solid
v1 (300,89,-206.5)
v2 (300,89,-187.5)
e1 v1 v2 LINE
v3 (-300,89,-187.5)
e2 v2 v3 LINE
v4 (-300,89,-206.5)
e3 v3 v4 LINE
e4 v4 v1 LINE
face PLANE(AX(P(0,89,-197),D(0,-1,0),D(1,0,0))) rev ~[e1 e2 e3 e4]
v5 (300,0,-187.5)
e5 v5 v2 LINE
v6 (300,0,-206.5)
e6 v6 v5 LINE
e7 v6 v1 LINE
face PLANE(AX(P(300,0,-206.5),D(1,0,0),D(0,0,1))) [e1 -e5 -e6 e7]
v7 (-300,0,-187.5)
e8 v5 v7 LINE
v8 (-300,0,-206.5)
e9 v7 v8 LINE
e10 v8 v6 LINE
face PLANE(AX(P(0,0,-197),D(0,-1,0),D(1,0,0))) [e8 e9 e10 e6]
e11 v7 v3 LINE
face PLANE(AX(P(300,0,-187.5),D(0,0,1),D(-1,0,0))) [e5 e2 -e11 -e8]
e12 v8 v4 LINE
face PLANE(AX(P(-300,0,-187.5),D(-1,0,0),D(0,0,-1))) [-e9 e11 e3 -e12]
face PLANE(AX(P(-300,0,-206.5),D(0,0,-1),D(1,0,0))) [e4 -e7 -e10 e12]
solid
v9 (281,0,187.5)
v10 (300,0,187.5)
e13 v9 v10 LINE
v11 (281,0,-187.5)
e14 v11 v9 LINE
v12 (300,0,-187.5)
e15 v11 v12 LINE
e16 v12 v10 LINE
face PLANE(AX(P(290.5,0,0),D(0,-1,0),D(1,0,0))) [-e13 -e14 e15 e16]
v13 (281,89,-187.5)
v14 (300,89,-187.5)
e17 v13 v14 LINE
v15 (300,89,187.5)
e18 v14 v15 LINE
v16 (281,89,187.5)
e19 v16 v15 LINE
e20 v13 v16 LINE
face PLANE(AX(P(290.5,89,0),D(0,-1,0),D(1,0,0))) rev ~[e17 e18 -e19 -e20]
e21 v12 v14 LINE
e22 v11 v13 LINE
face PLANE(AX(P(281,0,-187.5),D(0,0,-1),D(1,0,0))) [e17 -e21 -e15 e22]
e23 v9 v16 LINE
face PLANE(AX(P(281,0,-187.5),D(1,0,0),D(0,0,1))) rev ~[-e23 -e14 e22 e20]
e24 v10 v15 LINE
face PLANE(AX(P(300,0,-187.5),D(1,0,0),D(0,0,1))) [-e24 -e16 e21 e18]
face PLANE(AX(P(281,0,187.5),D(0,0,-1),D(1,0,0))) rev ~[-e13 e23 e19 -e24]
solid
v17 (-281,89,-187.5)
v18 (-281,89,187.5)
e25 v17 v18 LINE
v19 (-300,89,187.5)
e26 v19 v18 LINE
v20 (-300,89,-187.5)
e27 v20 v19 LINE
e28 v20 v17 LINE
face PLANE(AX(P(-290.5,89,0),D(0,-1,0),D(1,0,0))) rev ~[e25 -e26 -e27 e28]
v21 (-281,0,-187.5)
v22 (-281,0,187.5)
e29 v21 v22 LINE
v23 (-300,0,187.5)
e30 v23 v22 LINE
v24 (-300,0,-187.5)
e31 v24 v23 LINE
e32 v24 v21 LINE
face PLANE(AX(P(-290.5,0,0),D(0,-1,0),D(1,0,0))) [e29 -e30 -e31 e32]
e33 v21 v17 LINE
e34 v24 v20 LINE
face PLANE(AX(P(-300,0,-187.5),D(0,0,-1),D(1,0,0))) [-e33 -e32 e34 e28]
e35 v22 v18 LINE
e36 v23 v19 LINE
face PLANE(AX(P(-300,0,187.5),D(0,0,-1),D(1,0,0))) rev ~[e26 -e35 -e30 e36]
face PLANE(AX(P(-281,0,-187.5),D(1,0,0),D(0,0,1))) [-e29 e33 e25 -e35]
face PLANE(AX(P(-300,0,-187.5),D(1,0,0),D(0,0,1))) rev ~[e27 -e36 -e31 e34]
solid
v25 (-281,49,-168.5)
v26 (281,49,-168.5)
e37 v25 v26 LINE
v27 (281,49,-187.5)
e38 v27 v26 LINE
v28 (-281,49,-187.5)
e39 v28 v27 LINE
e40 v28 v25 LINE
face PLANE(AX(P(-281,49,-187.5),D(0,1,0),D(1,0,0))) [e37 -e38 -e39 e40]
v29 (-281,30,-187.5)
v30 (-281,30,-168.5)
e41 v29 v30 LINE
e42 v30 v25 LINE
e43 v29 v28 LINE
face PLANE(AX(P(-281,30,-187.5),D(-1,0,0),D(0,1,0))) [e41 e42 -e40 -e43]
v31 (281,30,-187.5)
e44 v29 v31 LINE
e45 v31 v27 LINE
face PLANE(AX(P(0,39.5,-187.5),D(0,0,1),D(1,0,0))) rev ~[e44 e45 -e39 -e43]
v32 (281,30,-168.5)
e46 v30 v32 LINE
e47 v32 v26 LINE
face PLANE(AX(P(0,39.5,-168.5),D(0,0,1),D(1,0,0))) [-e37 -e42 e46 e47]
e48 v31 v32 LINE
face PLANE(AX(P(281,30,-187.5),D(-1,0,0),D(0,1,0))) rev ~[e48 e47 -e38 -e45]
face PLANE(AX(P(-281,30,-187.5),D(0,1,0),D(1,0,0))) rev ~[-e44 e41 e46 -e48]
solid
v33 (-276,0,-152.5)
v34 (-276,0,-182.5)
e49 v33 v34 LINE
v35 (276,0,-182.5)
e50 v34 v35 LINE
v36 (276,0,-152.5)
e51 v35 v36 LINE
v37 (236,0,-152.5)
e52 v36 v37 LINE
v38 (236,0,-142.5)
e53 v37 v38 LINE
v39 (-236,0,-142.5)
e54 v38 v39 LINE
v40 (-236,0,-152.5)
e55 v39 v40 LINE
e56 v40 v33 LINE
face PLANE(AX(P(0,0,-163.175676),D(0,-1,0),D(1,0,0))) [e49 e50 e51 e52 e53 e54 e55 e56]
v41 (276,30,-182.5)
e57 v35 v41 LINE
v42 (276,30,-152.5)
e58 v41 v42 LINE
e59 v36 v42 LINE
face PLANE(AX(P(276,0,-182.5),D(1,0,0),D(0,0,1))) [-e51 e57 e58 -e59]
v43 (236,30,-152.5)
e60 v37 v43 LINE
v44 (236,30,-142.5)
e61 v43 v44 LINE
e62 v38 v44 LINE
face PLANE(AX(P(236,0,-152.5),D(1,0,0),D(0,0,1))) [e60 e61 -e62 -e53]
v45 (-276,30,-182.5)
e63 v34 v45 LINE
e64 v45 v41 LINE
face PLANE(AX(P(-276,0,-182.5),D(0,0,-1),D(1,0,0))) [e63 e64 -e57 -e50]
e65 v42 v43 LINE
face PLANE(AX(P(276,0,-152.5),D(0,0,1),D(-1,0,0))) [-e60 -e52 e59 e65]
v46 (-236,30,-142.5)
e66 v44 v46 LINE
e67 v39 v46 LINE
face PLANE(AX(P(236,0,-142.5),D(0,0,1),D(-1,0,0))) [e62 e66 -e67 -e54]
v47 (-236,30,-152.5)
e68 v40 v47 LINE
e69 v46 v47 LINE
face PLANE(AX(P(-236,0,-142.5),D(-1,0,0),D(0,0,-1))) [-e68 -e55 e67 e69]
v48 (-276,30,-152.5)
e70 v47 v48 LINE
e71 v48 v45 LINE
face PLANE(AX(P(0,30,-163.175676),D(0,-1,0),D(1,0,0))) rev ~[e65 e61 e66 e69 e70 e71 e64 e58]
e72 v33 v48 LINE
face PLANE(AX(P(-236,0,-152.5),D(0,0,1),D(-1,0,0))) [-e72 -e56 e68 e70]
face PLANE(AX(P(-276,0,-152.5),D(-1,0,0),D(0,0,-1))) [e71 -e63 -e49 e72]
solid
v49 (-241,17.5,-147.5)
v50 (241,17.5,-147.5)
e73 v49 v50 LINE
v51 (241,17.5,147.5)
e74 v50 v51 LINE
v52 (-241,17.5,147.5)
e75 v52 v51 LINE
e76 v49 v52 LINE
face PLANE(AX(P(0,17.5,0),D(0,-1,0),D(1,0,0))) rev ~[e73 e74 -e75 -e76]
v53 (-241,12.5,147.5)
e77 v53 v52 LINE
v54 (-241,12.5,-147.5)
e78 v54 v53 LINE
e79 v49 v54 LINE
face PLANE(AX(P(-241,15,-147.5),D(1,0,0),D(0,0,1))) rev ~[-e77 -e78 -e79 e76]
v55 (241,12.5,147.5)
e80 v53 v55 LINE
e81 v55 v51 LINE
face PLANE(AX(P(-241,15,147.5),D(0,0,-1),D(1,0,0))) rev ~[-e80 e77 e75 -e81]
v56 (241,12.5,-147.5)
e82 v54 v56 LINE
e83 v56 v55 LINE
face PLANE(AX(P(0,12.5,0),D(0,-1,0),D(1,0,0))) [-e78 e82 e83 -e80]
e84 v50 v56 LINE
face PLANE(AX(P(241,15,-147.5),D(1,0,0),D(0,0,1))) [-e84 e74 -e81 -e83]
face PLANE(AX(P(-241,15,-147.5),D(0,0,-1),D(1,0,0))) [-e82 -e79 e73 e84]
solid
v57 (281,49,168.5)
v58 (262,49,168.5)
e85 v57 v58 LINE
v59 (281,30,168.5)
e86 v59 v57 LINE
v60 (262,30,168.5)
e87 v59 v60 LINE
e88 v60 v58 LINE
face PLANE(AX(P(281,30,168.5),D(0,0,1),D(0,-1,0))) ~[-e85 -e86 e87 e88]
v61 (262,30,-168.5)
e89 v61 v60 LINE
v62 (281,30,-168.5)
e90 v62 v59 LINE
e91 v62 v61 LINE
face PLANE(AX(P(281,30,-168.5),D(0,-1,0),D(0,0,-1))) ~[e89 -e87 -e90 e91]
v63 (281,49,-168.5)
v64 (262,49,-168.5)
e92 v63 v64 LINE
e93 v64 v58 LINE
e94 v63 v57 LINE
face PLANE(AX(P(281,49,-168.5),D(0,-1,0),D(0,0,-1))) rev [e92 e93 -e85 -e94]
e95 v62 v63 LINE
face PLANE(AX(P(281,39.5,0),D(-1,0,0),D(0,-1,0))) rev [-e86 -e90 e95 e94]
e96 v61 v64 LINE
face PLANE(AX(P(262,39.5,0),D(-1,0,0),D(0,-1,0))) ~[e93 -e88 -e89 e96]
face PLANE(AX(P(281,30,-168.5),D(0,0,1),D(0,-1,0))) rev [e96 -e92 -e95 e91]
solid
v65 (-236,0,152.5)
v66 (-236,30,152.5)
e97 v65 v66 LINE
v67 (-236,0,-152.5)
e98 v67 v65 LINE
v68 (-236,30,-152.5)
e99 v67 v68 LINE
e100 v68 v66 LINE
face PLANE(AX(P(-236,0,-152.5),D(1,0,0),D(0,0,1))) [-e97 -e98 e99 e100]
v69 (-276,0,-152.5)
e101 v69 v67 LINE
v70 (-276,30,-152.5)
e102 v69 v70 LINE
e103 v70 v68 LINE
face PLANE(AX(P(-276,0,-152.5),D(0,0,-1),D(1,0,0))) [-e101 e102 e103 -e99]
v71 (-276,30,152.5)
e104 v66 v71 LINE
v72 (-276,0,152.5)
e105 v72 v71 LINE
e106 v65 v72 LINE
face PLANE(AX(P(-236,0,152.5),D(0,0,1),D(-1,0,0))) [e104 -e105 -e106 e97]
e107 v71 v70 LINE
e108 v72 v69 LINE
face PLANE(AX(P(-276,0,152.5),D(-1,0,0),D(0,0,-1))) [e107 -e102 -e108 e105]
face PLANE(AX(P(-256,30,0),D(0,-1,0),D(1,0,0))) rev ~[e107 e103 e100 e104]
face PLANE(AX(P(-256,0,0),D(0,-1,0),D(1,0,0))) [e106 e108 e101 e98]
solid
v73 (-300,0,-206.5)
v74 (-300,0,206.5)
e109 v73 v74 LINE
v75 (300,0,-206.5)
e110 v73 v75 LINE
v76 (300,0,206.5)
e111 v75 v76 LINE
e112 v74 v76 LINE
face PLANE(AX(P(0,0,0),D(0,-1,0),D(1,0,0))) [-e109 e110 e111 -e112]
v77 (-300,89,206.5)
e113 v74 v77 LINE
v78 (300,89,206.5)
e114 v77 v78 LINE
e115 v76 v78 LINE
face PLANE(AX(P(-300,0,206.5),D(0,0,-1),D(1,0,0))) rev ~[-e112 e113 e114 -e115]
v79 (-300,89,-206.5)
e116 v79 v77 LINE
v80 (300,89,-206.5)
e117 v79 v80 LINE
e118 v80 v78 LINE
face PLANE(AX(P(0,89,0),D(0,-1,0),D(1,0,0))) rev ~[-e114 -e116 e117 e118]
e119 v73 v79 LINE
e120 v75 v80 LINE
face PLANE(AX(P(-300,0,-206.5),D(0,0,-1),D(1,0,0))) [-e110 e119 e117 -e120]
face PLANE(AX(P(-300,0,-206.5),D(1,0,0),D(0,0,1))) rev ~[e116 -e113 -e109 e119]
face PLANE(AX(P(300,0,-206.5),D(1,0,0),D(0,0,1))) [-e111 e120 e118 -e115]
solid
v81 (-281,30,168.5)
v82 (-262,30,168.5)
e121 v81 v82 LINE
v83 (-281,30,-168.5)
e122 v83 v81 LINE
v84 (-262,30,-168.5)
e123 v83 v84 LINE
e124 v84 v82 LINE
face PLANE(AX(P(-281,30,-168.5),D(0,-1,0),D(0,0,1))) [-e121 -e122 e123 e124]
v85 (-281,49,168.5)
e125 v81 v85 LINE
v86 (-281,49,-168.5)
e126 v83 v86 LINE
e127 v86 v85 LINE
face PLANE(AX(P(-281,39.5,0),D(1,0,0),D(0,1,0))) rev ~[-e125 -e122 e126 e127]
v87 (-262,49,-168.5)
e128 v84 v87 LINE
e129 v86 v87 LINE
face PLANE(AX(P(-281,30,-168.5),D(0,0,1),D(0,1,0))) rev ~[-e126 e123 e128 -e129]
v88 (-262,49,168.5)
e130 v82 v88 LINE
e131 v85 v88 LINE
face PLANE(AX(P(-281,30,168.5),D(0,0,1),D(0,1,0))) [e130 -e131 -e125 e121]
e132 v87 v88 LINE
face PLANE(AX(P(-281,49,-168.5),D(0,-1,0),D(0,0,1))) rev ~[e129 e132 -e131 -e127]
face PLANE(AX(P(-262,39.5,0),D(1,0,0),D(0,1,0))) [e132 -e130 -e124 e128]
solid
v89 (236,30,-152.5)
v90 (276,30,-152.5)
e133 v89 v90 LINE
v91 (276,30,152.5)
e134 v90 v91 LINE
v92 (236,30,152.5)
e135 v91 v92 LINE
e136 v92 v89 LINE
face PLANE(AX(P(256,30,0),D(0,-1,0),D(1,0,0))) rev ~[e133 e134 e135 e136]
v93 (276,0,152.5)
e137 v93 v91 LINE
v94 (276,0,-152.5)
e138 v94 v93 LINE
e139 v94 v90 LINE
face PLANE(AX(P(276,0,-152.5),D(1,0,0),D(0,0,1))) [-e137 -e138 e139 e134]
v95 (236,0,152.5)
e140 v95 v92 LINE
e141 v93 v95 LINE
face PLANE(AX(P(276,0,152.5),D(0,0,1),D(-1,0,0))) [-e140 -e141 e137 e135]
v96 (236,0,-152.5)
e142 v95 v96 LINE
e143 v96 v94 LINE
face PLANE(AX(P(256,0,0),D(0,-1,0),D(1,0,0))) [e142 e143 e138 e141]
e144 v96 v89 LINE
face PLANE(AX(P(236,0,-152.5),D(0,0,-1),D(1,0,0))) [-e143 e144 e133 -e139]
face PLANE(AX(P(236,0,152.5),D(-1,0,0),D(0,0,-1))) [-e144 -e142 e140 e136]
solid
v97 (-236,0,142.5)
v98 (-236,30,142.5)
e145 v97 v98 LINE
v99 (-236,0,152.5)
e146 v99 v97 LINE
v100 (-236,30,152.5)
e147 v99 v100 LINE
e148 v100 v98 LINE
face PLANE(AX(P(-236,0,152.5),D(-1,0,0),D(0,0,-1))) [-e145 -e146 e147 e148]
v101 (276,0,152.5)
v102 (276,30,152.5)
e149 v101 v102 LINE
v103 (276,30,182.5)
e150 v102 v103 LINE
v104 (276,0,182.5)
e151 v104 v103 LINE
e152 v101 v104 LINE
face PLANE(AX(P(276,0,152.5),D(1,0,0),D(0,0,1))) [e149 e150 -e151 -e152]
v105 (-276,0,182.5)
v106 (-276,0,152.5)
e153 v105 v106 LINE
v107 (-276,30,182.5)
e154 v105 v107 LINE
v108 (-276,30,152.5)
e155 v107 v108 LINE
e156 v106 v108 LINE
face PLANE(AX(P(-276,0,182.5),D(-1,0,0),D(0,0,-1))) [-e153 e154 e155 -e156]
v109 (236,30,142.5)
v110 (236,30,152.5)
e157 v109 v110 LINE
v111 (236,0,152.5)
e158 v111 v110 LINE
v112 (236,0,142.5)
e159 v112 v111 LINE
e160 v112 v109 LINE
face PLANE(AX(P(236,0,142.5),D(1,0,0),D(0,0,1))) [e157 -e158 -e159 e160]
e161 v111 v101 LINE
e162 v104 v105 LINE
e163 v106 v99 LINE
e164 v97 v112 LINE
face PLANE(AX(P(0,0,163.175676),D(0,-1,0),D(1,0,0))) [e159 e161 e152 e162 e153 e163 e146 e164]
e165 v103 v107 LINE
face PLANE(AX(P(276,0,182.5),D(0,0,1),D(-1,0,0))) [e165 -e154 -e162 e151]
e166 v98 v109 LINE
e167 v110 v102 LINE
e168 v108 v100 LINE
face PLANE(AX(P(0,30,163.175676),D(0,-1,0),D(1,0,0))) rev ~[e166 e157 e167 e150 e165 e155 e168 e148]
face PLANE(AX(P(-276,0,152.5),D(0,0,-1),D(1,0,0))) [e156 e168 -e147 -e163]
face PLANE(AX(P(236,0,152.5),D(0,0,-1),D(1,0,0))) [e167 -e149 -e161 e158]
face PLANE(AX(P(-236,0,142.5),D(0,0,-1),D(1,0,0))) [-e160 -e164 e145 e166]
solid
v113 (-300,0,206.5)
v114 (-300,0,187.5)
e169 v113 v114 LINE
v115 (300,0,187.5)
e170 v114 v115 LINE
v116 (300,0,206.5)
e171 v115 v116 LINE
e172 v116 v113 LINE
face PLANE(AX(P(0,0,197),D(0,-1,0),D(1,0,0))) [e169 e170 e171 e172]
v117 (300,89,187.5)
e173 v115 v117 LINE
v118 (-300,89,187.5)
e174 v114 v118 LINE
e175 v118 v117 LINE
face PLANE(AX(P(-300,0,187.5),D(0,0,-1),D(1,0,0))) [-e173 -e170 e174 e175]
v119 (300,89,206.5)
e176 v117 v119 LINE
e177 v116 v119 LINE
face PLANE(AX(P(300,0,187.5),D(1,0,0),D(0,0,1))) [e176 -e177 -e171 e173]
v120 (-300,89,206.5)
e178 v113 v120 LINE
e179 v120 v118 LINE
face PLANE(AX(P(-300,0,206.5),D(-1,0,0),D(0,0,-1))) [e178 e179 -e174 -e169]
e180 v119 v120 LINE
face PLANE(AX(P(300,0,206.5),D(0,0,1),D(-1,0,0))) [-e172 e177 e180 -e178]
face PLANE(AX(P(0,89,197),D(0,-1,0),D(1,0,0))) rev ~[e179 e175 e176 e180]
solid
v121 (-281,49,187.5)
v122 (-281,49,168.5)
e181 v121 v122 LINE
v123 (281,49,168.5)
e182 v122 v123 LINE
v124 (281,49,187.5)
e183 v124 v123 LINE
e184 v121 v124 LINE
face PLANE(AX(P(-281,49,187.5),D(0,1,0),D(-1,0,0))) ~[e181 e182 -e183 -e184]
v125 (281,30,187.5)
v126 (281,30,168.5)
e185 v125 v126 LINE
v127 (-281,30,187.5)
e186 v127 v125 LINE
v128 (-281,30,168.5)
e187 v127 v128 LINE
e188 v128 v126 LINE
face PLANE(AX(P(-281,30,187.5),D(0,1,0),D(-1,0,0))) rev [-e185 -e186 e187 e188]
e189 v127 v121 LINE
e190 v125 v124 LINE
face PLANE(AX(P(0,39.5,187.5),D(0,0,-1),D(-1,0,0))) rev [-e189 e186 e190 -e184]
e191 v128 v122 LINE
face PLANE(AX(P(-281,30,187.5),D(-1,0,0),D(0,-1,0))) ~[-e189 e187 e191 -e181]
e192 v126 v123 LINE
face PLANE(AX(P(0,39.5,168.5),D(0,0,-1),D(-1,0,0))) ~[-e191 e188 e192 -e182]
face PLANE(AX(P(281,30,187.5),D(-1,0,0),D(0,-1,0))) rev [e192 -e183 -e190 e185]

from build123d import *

# Parameters (mm, degrees)
F1_W      = 600
F1_H      = 413
F2_DEPTH  = 89
F4_DEPTH  = 89
F5_DEPTH  = 89
F3_W      = 19
F3_H      = 375
F6_DEPTH  = 89
F7_DEPTH  = 89
F10_DEPTH = 30
F11_DEPTH = 30
F12_DEPTH = 30
F13_DEPTH = 30
F15_W     = 482
F15_H     = 295
F16_DEPTH = 2.5
F17_W     = 562
F17_H     = 19
F18_DEPTH = 19
F20_W     = 19
F20_H     = 337
F21_DEPTH = 19


with BuildPart() as f2:
    # F1 (on Front) → F2 (new body)
    with BuildSketch(Plane.XZ):
        Rectangle(F1_W, F1_H)
    extrude(amount=-F2_DEPTH)


with BuildPart() as f4:
    # F3 (on face) → F4 (new body, through all)
    with BuildSketch(Plane.XZ):
        Polygon((-300, -187.5), (-300, -206.5), (300, -206.5), (300, -187.5), (281, -187.5), (-281, -187.5), align=None)
    extrude(amount=-F4_DEPTH)


with BuildPart() as f5:
    # F3 (on face) → F5 (new body, through all)
    with BuildSketch(Plane.XZ):
        Polygon((-300, 206.5), (-300, 187.5), (-281, 187.5), (281, 187.5), (300, 187.5), (300, 206.5), align=None)
    extrude(amount=-F5_DEPTH)


with BuildPart() as f6:
    # F3 (on face) → F6 (new body, through all)
    with BuildSketch(Plane.XZ):
        with Locations((-290.5, 0)):
            Rectangle(F3_W, F3_H)
    extrude(amount=-F6_DEPTH)


with BuildPart() as f7:
    # F3 (on face) → F7 (new body, through all)
    with BuildSketch(Plane.XZ):
        with Locations((290.5, 0)):
            Rectangle(F3_W, F3_H)
    extrude(amount=-F7_DEPTH)


with BuildPart() as f10:
    # F9 (on offset) → F10 (new body)
    with BuildSketch(Plane.XZ):
        Polygon((276, 182.5), (-276, 182.5), (-276, 152.5), (-236, 152.5), (-236, 142.5), (236, 142.5), (236, 152.5), (276, 152.5), align=None)
    extrude(amount=-F10_DEPTH)


with BuildPart() as f11:
    # F9 (on offset) → F11 (new body)
    with BuildSketch(Plane.XZ):
        Polygon((-236, -152.5), (-276, -152.5), (-276, -182.5), (276, -182.5), (276, -152.5), (236, -152.5), (236, -142.5), (-236, -142.5), align=None)
    extrude(amount=-F11_DEPTH)


with BuildPart() as f12:
    # F9 (on offset) → F12 (new body)
    with BuildSketch(Plane.XZ):
        Polygon((-236, 152.5), (-276, 152.5), (-276, -152.5), (-236, -152.5), (-236, -142.5), (-236, 142.5), align=None)
    extrude(amount=-F12_DEPTH)


with BuildPart() as f13:
    # F9 (on offset) → F13 (new body)
    with BuildSketch(Plane.XZ):
        Polygon((276, -152.5), (276, 152.5), (236, 152.5), (236, 142.5), (236, -142.5), (236, -152.5), align=None)
    extrude(amount=-F13_DEPTH)


with BuildPart() as f16:
    # F15 (on offset) → F16 (new body, symmetric)
    with BuildSketch(Plane.XZ.offset(-15)):
        Rectangle(F15_W, F15_H)
    extrude(amount=F16_DEPTH, both=True)


with BuildPart() as f18:
    # F17 (on face) → F18 (new body)
    with BuildSketch(Plane.XY.offset(-187.5)):
        with Locations((0, 39.5)):
            Rectangle(F17_W, F17_H)
    extrude(amount=F18_DEPTH)


with BuildPart() as f19_1:
    # F19: instance of F18
    add(f18.part.mirror(Plane.XY))


with BuildPart() as f21:
    # F20 (on face) → F21 (new body)
    with BuildSketch(Plane.YZ.offset(-281)):
        with Locations((39.5, 0)):
            Rectangle(F20_W, F20_H)
    extrude(amount=F21_DEPTH)


with BuildPart() as f22_1:
    # F22: instance of F21
    add(f21.part.mirror(Plane.YZ))


solid = Compound([f2.part, f4.part, f5.part, f6.part, f7.part, f10.part, f11.part, f12.part, f13.part, f16.part, f18.part, f19_1.part, f21.part, f22_1.part])
